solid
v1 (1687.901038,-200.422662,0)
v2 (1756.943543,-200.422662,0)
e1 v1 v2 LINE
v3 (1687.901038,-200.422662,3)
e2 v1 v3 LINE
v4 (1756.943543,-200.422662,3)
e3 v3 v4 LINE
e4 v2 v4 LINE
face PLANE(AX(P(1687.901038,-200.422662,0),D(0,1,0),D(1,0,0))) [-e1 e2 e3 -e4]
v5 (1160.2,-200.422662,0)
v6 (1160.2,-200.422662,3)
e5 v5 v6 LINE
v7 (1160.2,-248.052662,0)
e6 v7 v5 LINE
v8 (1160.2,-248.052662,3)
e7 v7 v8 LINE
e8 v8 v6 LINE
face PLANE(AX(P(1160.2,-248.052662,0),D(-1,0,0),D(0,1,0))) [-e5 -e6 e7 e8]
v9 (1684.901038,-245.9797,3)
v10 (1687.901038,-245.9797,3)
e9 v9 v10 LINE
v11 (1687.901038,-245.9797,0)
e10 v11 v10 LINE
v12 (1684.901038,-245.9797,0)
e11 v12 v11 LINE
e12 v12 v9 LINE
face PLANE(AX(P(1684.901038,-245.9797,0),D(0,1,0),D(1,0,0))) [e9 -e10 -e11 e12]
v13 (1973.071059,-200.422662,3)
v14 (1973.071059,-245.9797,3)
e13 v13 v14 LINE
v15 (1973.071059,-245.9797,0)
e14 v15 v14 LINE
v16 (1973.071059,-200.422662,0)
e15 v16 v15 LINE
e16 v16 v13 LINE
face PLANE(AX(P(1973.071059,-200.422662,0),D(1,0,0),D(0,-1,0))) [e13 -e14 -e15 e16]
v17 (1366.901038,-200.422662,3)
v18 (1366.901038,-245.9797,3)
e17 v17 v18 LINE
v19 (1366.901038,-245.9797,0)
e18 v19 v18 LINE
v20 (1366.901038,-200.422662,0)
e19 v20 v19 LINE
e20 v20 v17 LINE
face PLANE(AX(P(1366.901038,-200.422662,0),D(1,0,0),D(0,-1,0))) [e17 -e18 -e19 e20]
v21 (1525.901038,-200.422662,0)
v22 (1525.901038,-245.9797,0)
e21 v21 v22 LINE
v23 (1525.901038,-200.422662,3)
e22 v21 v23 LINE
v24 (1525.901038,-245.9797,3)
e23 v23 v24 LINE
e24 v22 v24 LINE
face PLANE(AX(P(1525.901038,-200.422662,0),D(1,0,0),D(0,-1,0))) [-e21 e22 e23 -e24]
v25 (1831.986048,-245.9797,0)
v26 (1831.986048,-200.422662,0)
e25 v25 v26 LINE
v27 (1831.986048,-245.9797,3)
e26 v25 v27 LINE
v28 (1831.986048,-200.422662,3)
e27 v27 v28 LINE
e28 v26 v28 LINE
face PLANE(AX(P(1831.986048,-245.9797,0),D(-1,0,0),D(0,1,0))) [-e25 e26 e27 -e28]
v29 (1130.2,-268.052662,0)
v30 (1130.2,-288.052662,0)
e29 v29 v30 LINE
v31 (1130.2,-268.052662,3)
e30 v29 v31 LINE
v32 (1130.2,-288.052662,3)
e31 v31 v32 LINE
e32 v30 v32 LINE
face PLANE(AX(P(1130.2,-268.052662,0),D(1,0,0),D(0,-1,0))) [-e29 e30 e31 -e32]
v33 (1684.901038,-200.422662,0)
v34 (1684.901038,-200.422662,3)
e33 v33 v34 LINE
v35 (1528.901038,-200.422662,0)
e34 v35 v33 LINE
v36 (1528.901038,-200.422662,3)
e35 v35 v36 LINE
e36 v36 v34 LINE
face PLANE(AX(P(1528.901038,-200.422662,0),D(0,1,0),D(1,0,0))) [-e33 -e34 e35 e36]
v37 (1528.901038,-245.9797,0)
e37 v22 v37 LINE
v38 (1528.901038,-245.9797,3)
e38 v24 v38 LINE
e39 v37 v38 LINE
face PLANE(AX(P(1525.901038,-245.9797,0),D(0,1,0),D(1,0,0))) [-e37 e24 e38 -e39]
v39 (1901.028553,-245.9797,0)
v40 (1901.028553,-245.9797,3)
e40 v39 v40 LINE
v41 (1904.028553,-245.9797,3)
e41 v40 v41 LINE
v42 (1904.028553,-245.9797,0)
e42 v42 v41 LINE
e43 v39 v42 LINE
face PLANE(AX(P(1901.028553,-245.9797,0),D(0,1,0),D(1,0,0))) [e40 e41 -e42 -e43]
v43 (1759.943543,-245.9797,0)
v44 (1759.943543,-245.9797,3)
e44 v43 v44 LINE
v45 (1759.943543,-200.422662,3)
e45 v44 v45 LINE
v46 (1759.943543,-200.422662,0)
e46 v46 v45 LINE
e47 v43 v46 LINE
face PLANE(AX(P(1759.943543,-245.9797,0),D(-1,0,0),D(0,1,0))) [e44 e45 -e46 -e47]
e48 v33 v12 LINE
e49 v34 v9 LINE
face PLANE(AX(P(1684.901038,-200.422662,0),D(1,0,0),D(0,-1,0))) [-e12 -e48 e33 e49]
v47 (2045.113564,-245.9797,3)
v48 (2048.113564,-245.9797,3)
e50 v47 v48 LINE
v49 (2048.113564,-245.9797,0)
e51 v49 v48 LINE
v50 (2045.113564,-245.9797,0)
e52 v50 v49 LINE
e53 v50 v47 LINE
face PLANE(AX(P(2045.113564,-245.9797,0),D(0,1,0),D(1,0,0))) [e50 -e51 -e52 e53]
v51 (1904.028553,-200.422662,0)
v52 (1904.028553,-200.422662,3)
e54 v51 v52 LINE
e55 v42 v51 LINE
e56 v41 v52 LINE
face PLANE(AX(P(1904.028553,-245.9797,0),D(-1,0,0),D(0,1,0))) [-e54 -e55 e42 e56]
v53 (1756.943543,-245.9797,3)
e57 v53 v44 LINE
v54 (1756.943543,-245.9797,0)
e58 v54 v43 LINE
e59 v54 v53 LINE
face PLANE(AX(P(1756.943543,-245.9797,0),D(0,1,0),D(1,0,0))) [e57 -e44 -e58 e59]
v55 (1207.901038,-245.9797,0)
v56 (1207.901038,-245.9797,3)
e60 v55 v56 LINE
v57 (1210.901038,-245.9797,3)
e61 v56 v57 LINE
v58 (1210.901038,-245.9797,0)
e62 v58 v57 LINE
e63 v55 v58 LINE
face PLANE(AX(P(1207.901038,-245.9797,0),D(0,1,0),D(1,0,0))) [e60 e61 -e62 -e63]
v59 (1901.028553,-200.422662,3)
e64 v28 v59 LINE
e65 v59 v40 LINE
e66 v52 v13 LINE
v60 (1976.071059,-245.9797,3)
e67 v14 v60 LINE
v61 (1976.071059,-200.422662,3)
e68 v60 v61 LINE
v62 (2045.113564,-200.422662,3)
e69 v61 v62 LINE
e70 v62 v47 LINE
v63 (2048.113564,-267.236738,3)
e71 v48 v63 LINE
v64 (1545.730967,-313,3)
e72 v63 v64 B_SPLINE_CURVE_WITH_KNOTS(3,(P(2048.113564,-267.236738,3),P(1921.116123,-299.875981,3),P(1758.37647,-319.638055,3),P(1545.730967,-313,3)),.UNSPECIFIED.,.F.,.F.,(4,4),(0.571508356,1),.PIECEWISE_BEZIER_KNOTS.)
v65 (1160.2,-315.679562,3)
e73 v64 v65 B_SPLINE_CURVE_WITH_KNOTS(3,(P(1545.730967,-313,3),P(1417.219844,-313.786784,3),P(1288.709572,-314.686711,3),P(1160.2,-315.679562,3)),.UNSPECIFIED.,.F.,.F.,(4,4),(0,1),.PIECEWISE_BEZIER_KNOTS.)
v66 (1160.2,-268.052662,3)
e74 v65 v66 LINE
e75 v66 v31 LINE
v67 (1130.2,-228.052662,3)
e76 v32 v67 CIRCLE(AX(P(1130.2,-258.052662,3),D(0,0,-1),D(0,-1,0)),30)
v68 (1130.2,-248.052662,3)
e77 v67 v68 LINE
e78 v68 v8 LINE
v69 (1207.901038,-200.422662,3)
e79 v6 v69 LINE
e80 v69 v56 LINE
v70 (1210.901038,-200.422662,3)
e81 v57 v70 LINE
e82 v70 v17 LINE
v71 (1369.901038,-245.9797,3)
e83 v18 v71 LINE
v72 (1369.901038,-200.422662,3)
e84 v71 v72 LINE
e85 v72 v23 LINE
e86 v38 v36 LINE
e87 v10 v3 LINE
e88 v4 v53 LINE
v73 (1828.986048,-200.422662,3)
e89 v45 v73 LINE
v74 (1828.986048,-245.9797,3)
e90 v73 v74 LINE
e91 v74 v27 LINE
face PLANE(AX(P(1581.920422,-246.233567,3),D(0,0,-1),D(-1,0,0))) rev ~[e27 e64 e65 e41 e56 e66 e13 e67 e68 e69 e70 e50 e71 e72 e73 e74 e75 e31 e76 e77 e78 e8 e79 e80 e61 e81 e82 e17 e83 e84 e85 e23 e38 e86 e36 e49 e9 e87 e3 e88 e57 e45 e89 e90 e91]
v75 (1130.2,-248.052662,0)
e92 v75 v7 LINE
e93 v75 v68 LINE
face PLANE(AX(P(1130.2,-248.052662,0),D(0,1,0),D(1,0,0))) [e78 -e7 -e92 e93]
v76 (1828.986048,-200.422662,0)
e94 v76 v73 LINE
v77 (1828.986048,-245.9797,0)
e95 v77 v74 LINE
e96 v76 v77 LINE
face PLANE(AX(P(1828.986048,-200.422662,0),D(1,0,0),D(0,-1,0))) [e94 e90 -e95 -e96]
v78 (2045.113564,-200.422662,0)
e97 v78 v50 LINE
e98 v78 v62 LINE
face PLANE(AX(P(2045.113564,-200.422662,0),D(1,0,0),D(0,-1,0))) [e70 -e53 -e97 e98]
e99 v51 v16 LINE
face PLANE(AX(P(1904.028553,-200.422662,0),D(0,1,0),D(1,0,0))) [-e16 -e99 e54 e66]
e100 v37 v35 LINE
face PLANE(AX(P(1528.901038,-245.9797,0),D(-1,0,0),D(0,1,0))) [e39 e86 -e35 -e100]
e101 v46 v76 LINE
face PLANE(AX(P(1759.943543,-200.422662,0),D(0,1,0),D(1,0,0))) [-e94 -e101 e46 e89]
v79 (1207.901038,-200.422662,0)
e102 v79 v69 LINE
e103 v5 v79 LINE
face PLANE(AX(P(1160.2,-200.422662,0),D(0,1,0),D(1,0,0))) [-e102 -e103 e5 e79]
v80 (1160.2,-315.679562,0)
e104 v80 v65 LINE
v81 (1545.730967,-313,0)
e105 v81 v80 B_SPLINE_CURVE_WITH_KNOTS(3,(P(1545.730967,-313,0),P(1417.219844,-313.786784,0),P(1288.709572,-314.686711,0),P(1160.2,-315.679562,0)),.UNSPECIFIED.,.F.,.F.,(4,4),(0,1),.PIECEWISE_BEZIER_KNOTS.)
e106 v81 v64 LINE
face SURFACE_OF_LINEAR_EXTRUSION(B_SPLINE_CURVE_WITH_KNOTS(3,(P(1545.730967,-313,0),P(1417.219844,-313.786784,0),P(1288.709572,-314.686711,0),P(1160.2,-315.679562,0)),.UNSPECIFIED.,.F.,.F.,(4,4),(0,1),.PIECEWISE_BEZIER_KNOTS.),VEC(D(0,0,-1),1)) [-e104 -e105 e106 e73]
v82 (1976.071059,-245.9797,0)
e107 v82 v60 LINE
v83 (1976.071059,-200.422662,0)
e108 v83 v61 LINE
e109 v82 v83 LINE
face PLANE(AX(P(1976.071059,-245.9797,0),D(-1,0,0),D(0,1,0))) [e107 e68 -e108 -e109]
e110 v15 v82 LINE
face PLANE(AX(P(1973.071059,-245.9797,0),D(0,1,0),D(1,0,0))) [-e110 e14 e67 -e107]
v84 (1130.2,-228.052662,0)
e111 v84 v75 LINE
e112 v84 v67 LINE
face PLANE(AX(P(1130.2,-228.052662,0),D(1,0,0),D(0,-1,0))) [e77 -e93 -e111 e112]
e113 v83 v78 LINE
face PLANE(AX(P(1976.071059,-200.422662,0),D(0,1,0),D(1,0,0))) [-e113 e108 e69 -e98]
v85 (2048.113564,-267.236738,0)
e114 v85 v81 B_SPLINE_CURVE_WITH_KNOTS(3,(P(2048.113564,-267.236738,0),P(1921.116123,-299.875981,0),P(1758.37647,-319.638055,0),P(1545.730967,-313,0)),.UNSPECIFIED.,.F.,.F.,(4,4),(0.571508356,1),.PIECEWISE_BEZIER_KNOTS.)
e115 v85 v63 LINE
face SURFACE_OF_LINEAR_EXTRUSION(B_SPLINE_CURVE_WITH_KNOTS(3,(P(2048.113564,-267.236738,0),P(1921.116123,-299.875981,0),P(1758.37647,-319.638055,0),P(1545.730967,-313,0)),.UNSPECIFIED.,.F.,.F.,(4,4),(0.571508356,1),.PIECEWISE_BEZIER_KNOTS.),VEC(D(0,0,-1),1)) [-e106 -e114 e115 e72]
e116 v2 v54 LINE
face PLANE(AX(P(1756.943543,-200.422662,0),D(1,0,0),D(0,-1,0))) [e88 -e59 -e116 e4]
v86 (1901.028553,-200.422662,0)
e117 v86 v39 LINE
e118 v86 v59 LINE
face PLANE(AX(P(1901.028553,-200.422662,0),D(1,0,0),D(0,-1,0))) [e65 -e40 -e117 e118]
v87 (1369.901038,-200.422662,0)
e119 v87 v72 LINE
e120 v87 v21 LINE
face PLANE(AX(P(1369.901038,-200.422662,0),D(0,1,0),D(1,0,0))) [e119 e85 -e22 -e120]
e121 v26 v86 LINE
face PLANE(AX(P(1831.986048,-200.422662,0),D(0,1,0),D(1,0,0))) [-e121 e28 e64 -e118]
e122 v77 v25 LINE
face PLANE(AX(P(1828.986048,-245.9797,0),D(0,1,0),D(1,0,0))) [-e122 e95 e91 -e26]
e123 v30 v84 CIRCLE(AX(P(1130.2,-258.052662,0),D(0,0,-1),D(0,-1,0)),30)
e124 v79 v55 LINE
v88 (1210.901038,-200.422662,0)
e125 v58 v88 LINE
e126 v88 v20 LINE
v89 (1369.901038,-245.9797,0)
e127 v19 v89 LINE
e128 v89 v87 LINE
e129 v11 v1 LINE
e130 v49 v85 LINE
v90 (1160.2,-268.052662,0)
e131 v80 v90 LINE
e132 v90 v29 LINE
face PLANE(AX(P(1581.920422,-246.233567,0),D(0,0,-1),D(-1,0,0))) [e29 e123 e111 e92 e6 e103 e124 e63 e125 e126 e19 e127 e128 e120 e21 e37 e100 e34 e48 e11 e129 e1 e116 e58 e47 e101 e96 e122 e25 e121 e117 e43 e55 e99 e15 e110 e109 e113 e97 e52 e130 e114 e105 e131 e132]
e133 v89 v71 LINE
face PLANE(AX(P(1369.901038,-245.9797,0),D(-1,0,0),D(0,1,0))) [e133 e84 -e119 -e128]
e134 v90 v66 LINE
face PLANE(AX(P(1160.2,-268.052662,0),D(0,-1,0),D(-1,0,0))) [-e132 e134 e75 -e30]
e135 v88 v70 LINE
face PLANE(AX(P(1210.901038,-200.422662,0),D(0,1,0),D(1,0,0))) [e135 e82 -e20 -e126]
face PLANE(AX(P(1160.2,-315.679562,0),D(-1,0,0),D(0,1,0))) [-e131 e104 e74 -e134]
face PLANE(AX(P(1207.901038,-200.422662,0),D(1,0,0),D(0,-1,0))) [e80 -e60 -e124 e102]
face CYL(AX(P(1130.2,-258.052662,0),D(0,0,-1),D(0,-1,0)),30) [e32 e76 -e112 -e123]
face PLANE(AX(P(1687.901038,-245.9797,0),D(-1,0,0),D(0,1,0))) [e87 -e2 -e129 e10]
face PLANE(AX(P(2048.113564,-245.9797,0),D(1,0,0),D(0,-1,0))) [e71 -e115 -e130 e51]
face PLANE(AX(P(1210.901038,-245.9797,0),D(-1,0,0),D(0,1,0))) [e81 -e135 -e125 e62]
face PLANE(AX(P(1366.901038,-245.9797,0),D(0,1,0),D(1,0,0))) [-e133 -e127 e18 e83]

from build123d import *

# Parameters (mm, degrees)
BOSS_EXTRUDE1_DEPTH = 3


with BuildPart() as part:
    # Model → Boss-Extrude1 (new body)
    with BuildSketch(Plane.XY):
        with BuildLine():
            Line((1130.2, -228.052661621), (1130.2, -248.052661621))
            Line((1130.2, -248.052661621), (1160.2, -248.052661621))
            Line((1160.2, -248.052661621), (1160.2, -200.422661621))
            Line((1160.2, -200.422661621), (1207.901037796, -200.422661621))
            Line((1207.901037796, -200.422661621), (1207.901037796, -245.979700014))
            Line((1207.901037796, -245.979700014), (1210.901037796, -245.979700014))
            Line((1210.901037796, -245.979700014), (1210.901037796, -200.422661621))
            Line((1210.901037796, -200.422661621), (1366.901037796, -200.422661621))
            Line((1366.901037796, -200.422661621), (1366.901037796, -245.979700014))
            Line((1366.901037796, -245.979700014), (1369.901037796, -245.979700014))
            Line((1369.901037796, -245.979700014), (1369.901037796, -200.422661621))
            Line((1369.901037796, -200.422661621), (1525.901037796, -200.422661621))
            Line((1525.901037796, -200.422661621), (1525.901037796, -245.979700014))
            Line((1525.901037796, -245.979700014), (1528.901037796, -245.979700014))
            Line((1528.901037796, -245.979700014), (1528.901037796, -200.422661621))
            Line((1528.901037796, -200.422661621), (1684.901037801, -200.422661621))
            Line((1684.901037801, -200.422661621), (1684.901037801, -245.979700014))
            Line((1684.901037801, -245.979700014), (1687.901037795, -245.979700014))
            Line((1687.901037795, -245.979700014), (1687.901037795, -200.422661621))
            Line((1687.901037795, -200.422661621), (1756.943542984, -200.422661621))
            Line((1756.943542984, -200.422661621), (1756.943542984, -245.979700014))
            Line((1756.943542984, -245.979700014), (1759.943542984, -245.979700014))
            Line((1759.943542984, -245.979700014), (1759.943542984, -200.422661621))
            Line((1759.943542984, -200.422661621), (1828.986048173, -200.422661621))
            Line((1828.986048173, -200.422661621), (1828.986048173, -245.979700014))
            Line((1828.986048173, -245.979700014), (1831.986048173, -245.979700014))
            Line((1831.986048173, -245.979700014), (1831.986048173, -200.422661621))
            Line((1831.986048173, -200.422661621), (1901.028553362, -200.422661621))
            Line((1901.028553362, -200.422661621), (1901.028553362, -245.979700014))
            Line((1901.028553362, -245.979700014), (1904.028553362, -245.979700014))
            Line((1904.028553362, -245.979700014), (1904.028553362, -200.422661621))
            Line((1904.028553362, -200.422661621), (1973.071058551, -200.422661621))
            Line((1973.071058551, -200.422661621), (1973.071058551, -245.979700014))
            Line((1973.071058551, -245.979700014), (1976.071058551, -245.979700014))
            Line((1976.071058551, -245.979700014), (1976.071058551, -200.422661621))
            Line((1976.071058551, -200.422661621), (2045.113563739, -200.422661621))
            Line((2045.113563739, -200.422661621), (2045.113563739, -245.979700014))
            Line((2045.113563739, -245.979700014), (2048.11356374, -245.979700014))
            Line((2048.11356374, -245.979700014), (2048.11356374, -267.236738408))
            add(Edge.make_bspline(
                [(2048.11356374, -267.236738408), (1921.116123258, -299.875981212), (1758.376470444, -319.638055471), (1545.730966639, -313)],
                knots=[0.571508356, 0.571508356, 0.571508356, 0.571508356, 1, 1, 1, 1], degree=3))
            add(Edge.make_bspline(
                [(1545.730966639, -313), (1417.219843878, -313.786784413), (1288.709572371, -314.686711241), (1160.2, -315.679561973)],
                knots=[0, 0, 0, 0, 1, 1, 1, 1], degree=3))
            Line((1160.2, -315.679561973), (1160.2, -268.052661621))
            Line((1160.2, -268.052661621), (1130.2, -268.052661621))
            Line((1130.2, -268.052661621), (1130.2, -288.052661621))
            ThreePointArc((1130.2, -288.052661621), (1100.2, -258.052661621), (1130.2, -228.052661621))
        make_face()
    extrude(amount=BOSS_EXTRUDE1_DEPTH)


solid = part.part
